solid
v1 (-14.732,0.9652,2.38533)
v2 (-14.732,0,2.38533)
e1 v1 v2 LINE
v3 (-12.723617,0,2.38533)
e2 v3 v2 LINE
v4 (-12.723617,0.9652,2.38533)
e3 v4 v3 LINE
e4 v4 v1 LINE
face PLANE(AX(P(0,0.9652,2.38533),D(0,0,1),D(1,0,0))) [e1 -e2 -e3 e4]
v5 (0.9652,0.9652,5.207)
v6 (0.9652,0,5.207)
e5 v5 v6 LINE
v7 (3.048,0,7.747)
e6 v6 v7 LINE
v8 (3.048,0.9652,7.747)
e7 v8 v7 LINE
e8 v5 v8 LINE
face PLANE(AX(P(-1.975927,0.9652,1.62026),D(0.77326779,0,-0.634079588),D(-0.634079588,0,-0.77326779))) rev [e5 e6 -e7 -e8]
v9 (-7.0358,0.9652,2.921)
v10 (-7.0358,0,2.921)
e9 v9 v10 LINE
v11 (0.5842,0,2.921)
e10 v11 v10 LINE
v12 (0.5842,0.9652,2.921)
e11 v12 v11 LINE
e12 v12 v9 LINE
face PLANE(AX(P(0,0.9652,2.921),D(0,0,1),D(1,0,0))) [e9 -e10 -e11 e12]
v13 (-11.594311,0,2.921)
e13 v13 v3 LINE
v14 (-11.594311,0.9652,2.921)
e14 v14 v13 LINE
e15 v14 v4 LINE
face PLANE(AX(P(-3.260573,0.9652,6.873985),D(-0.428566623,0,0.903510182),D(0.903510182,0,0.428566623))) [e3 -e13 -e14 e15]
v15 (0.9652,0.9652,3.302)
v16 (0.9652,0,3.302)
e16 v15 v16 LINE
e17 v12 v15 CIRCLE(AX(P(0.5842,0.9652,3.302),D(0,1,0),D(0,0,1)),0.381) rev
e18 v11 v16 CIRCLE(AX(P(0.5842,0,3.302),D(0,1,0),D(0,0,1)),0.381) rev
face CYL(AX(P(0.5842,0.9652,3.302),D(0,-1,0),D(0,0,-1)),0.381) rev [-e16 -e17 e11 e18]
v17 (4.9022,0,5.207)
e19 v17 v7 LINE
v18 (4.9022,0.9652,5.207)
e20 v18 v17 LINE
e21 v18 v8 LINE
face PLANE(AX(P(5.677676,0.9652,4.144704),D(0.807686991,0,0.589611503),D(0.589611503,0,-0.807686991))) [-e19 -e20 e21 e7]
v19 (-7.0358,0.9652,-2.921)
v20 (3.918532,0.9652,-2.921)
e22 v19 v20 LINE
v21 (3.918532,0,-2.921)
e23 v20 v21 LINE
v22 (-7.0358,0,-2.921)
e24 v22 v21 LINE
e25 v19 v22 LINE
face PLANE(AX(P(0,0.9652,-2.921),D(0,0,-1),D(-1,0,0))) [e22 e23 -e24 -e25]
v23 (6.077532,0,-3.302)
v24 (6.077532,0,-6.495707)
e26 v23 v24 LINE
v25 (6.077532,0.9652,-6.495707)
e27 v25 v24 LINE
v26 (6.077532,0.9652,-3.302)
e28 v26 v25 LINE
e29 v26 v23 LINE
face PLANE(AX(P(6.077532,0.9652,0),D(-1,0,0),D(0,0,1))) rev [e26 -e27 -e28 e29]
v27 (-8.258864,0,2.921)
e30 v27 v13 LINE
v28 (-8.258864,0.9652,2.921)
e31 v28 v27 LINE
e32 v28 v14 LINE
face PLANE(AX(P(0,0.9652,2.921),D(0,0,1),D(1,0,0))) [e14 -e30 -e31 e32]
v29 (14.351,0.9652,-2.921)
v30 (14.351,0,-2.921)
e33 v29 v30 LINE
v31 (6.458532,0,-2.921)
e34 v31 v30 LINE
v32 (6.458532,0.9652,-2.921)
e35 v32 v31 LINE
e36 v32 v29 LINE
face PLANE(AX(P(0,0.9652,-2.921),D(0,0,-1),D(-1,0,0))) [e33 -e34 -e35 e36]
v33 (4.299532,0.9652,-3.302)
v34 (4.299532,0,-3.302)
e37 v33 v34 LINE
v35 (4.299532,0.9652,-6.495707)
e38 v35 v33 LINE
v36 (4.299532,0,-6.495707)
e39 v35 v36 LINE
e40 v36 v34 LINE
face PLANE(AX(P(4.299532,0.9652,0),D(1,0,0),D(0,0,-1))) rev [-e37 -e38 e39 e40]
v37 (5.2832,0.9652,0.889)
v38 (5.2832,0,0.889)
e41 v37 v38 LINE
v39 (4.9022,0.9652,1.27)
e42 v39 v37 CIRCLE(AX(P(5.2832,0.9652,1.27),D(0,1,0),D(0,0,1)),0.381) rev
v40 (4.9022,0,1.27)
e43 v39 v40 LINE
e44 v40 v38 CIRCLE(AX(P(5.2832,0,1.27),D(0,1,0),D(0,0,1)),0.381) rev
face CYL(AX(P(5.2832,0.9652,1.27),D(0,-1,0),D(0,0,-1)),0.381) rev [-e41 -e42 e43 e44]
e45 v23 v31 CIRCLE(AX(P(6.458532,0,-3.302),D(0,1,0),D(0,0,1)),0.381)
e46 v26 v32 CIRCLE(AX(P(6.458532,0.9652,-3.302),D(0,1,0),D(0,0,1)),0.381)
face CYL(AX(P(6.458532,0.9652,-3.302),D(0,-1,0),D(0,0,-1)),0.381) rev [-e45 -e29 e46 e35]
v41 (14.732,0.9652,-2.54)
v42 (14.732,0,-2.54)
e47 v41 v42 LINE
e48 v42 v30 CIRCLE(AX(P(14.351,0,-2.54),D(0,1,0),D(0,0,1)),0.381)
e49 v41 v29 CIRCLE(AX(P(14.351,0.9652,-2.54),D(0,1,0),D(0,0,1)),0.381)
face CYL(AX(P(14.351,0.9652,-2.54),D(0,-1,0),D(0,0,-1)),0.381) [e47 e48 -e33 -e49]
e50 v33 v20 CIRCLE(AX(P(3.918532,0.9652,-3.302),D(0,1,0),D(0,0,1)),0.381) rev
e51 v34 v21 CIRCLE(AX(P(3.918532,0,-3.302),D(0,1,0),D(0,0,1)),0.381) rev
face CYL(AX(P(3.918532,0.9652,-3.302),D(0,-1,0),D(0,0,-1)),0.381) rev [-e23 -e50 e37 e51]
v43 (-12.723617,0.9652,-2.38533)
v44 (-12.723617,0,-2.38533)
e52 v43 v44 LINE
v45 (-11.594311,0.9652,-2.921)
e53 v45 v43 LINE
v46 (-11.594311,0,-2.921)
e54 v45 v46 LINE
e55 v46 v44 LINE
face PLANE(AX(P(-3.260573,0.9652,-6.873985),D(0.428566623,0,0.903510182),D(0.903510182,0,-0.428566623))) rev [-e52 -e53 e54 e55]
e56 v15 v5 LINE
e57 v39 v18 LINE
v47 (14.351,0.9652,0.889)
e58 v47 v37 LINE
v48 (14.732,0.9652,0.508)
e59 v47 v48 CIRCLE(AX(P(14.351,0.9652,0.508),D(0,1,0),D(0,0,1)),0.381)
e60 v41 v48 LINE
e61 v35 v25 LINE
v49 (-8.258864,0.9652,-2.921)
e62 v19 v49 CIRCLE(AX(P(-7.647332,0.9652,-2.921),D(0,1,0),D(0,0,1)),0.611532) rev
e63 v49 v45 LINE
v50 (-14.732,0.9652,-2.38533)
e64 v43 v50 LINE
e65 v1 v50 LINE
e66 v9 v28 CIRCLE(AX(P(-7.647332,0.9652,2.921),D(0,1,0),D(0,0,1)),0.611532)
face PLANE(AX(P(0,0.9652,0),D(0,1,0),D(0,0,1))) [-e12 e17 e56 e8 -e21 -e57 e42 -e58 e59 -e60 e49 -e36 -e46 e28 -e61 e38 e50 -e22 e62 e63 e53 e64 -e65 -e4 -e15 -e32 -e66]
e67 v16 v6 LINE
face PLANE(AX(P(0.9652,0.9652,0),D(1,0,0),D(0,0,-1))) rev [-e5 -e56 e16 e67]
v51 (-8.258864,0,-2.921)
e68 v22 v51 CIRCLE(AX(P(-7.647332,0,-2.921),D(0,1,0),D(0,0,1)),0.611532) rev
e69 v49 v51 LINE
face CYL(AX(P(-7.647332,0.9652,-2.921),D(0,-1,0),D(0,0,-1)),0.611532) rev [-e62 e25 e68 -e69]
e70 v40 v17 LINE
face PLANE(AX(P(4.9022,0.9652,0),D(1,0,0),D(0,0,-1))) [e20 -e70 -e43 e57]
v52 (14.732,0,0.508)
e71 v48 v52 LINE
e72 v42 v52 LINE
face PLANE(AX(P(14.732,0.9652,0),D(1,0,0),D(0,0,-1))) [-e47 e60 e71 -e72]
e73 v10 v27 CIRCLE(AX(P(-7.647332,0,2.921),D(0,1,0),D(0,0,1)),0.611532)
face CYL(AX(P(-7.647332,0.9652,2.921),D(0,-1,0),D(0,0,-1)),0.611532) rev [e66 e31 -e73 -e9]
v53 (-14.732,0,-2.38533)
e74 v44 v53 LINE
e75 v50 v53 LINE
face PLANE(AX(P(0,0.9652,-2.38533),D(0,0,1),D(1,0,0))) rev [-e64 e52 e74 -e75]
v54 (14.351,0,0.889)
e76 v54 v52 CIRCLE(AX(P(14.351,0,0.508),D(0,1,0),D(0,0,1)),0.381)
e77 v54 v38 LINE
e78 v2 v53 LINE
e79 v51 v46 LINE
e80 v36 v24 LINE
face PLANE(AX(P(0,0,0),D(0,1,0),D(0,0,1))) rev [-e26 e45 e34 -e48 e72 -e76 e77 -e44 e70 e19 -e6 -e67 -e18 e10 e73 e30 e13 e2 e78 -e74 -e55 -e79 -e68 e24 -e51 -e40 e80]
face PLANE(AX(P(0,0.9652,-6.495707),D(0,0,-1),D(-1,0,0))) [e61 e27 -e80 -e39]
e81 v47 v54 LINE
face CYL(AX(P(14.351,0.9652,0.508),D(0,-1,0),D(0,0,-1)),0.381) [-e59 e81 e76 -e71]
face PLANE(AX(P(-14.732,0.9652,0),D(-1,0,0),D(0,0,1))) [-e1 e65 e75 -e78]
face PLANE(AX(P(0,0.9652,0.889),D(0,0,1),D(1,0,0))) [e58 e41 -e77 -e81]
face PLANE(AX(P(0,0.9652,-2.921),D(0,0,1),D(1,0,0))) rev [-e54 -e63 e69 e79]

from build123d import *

# Parameters (mm, degrees)
BOSS_EXTRUDE1_DEPTH = 0.9652


with BuildPart() as part:
    # Sketch2 → Boss-Extrude1 (new body)
    with BuildSketch(Plane(origin=(0, 0, 0), x_dir=(1, 0, 0), z_dir=(0, 1, 0))):
        with BuildLine():
            Line((14.732, -0.508), (14.732, 2.54))
            ThreePointArc((14.732, 2.54), (14.620407684, 2.809407684), (14.351, 2.921))
            Line((14.351, 2.921), (6.458532376, 2.921))
            ThreePointArc((6.458532376, 2.921), (6.189124692, 3.032592316), (6.077532376, 3.302))
            Line((6.077532376, 3.302), (6.077532376, 6.495707179))
            Line((6.077532376, 6.495707179), (4.299532376, 6.495707179))
            Line((4.299532376, 6.495707179), (4.299532376, 3.302))
            ThreePointArc((4.299532376, 3.302), (4.187940059, 3.032592316), (3.918532376, 2.921))
            Line((3.918532376, 2.921), (0.5842, 2.921))
            Line((0.5842, 2.921), (-7.0358, 2.921))
            ThreePointArc((-7.0358, 2.921), (-7.647331795, 2.309468205), (-8.258863591, 2.921))
            Line((-8.258863591, 2.921), (-11.594310971, 2.921))
            Line((-11.594310971, 2.921), (-12.723617207, 2.385330376))
            Line((-12.723617207, 2.385330376), (-14.732, 2.385330376))
            Line((-14.732, 2.385330376), (-14.732, -2.385330376))
            Line((-14.732, -2.385330376), (-12.723617207, -2.385330376))
            Line((-12.723617207, -2.385330376), (-11.594310971, -2.921))
            Line((-11.594310971, -2.921), (-8.258863591, -2.921))
            ThreePointArc((-8.258863591, -2.921), (-7.647331795, -2.309468205), (-7.0358, -2.921))
            Line((-7.0358, -2.921), (0.5842, -2.921))
            ThreePointArc((0.5842, -2.921), (0.853607684, -3.032592316), (0.9652, -3.302))
            Line((0.9652, -3.302), (0.9652, -5.207))
            Line((0.9652, -5.207), (3.048, -7.747))
            Line((3.048, -7.747), (4.9022, -5.207))
            Line((4.9022, -5.207), (4.9022, -2.921))
            Line((4.9022, -2.921), (4.9022, -1.27))
            ThreePointArc((4.9022, -1.27), (5.013792316, -1.000592316), (5.2832, -0.889))
            Line((5.2832, -0.889), (14.351, -0.889))
            ThreePointArc((14.351, -0.889), (14.620407684, -0.777407684), (14.732, -0.508))
        make_face()
    extrude(amount=BOSS_EXTRUDE1_DEPTH)


solid = part.part
